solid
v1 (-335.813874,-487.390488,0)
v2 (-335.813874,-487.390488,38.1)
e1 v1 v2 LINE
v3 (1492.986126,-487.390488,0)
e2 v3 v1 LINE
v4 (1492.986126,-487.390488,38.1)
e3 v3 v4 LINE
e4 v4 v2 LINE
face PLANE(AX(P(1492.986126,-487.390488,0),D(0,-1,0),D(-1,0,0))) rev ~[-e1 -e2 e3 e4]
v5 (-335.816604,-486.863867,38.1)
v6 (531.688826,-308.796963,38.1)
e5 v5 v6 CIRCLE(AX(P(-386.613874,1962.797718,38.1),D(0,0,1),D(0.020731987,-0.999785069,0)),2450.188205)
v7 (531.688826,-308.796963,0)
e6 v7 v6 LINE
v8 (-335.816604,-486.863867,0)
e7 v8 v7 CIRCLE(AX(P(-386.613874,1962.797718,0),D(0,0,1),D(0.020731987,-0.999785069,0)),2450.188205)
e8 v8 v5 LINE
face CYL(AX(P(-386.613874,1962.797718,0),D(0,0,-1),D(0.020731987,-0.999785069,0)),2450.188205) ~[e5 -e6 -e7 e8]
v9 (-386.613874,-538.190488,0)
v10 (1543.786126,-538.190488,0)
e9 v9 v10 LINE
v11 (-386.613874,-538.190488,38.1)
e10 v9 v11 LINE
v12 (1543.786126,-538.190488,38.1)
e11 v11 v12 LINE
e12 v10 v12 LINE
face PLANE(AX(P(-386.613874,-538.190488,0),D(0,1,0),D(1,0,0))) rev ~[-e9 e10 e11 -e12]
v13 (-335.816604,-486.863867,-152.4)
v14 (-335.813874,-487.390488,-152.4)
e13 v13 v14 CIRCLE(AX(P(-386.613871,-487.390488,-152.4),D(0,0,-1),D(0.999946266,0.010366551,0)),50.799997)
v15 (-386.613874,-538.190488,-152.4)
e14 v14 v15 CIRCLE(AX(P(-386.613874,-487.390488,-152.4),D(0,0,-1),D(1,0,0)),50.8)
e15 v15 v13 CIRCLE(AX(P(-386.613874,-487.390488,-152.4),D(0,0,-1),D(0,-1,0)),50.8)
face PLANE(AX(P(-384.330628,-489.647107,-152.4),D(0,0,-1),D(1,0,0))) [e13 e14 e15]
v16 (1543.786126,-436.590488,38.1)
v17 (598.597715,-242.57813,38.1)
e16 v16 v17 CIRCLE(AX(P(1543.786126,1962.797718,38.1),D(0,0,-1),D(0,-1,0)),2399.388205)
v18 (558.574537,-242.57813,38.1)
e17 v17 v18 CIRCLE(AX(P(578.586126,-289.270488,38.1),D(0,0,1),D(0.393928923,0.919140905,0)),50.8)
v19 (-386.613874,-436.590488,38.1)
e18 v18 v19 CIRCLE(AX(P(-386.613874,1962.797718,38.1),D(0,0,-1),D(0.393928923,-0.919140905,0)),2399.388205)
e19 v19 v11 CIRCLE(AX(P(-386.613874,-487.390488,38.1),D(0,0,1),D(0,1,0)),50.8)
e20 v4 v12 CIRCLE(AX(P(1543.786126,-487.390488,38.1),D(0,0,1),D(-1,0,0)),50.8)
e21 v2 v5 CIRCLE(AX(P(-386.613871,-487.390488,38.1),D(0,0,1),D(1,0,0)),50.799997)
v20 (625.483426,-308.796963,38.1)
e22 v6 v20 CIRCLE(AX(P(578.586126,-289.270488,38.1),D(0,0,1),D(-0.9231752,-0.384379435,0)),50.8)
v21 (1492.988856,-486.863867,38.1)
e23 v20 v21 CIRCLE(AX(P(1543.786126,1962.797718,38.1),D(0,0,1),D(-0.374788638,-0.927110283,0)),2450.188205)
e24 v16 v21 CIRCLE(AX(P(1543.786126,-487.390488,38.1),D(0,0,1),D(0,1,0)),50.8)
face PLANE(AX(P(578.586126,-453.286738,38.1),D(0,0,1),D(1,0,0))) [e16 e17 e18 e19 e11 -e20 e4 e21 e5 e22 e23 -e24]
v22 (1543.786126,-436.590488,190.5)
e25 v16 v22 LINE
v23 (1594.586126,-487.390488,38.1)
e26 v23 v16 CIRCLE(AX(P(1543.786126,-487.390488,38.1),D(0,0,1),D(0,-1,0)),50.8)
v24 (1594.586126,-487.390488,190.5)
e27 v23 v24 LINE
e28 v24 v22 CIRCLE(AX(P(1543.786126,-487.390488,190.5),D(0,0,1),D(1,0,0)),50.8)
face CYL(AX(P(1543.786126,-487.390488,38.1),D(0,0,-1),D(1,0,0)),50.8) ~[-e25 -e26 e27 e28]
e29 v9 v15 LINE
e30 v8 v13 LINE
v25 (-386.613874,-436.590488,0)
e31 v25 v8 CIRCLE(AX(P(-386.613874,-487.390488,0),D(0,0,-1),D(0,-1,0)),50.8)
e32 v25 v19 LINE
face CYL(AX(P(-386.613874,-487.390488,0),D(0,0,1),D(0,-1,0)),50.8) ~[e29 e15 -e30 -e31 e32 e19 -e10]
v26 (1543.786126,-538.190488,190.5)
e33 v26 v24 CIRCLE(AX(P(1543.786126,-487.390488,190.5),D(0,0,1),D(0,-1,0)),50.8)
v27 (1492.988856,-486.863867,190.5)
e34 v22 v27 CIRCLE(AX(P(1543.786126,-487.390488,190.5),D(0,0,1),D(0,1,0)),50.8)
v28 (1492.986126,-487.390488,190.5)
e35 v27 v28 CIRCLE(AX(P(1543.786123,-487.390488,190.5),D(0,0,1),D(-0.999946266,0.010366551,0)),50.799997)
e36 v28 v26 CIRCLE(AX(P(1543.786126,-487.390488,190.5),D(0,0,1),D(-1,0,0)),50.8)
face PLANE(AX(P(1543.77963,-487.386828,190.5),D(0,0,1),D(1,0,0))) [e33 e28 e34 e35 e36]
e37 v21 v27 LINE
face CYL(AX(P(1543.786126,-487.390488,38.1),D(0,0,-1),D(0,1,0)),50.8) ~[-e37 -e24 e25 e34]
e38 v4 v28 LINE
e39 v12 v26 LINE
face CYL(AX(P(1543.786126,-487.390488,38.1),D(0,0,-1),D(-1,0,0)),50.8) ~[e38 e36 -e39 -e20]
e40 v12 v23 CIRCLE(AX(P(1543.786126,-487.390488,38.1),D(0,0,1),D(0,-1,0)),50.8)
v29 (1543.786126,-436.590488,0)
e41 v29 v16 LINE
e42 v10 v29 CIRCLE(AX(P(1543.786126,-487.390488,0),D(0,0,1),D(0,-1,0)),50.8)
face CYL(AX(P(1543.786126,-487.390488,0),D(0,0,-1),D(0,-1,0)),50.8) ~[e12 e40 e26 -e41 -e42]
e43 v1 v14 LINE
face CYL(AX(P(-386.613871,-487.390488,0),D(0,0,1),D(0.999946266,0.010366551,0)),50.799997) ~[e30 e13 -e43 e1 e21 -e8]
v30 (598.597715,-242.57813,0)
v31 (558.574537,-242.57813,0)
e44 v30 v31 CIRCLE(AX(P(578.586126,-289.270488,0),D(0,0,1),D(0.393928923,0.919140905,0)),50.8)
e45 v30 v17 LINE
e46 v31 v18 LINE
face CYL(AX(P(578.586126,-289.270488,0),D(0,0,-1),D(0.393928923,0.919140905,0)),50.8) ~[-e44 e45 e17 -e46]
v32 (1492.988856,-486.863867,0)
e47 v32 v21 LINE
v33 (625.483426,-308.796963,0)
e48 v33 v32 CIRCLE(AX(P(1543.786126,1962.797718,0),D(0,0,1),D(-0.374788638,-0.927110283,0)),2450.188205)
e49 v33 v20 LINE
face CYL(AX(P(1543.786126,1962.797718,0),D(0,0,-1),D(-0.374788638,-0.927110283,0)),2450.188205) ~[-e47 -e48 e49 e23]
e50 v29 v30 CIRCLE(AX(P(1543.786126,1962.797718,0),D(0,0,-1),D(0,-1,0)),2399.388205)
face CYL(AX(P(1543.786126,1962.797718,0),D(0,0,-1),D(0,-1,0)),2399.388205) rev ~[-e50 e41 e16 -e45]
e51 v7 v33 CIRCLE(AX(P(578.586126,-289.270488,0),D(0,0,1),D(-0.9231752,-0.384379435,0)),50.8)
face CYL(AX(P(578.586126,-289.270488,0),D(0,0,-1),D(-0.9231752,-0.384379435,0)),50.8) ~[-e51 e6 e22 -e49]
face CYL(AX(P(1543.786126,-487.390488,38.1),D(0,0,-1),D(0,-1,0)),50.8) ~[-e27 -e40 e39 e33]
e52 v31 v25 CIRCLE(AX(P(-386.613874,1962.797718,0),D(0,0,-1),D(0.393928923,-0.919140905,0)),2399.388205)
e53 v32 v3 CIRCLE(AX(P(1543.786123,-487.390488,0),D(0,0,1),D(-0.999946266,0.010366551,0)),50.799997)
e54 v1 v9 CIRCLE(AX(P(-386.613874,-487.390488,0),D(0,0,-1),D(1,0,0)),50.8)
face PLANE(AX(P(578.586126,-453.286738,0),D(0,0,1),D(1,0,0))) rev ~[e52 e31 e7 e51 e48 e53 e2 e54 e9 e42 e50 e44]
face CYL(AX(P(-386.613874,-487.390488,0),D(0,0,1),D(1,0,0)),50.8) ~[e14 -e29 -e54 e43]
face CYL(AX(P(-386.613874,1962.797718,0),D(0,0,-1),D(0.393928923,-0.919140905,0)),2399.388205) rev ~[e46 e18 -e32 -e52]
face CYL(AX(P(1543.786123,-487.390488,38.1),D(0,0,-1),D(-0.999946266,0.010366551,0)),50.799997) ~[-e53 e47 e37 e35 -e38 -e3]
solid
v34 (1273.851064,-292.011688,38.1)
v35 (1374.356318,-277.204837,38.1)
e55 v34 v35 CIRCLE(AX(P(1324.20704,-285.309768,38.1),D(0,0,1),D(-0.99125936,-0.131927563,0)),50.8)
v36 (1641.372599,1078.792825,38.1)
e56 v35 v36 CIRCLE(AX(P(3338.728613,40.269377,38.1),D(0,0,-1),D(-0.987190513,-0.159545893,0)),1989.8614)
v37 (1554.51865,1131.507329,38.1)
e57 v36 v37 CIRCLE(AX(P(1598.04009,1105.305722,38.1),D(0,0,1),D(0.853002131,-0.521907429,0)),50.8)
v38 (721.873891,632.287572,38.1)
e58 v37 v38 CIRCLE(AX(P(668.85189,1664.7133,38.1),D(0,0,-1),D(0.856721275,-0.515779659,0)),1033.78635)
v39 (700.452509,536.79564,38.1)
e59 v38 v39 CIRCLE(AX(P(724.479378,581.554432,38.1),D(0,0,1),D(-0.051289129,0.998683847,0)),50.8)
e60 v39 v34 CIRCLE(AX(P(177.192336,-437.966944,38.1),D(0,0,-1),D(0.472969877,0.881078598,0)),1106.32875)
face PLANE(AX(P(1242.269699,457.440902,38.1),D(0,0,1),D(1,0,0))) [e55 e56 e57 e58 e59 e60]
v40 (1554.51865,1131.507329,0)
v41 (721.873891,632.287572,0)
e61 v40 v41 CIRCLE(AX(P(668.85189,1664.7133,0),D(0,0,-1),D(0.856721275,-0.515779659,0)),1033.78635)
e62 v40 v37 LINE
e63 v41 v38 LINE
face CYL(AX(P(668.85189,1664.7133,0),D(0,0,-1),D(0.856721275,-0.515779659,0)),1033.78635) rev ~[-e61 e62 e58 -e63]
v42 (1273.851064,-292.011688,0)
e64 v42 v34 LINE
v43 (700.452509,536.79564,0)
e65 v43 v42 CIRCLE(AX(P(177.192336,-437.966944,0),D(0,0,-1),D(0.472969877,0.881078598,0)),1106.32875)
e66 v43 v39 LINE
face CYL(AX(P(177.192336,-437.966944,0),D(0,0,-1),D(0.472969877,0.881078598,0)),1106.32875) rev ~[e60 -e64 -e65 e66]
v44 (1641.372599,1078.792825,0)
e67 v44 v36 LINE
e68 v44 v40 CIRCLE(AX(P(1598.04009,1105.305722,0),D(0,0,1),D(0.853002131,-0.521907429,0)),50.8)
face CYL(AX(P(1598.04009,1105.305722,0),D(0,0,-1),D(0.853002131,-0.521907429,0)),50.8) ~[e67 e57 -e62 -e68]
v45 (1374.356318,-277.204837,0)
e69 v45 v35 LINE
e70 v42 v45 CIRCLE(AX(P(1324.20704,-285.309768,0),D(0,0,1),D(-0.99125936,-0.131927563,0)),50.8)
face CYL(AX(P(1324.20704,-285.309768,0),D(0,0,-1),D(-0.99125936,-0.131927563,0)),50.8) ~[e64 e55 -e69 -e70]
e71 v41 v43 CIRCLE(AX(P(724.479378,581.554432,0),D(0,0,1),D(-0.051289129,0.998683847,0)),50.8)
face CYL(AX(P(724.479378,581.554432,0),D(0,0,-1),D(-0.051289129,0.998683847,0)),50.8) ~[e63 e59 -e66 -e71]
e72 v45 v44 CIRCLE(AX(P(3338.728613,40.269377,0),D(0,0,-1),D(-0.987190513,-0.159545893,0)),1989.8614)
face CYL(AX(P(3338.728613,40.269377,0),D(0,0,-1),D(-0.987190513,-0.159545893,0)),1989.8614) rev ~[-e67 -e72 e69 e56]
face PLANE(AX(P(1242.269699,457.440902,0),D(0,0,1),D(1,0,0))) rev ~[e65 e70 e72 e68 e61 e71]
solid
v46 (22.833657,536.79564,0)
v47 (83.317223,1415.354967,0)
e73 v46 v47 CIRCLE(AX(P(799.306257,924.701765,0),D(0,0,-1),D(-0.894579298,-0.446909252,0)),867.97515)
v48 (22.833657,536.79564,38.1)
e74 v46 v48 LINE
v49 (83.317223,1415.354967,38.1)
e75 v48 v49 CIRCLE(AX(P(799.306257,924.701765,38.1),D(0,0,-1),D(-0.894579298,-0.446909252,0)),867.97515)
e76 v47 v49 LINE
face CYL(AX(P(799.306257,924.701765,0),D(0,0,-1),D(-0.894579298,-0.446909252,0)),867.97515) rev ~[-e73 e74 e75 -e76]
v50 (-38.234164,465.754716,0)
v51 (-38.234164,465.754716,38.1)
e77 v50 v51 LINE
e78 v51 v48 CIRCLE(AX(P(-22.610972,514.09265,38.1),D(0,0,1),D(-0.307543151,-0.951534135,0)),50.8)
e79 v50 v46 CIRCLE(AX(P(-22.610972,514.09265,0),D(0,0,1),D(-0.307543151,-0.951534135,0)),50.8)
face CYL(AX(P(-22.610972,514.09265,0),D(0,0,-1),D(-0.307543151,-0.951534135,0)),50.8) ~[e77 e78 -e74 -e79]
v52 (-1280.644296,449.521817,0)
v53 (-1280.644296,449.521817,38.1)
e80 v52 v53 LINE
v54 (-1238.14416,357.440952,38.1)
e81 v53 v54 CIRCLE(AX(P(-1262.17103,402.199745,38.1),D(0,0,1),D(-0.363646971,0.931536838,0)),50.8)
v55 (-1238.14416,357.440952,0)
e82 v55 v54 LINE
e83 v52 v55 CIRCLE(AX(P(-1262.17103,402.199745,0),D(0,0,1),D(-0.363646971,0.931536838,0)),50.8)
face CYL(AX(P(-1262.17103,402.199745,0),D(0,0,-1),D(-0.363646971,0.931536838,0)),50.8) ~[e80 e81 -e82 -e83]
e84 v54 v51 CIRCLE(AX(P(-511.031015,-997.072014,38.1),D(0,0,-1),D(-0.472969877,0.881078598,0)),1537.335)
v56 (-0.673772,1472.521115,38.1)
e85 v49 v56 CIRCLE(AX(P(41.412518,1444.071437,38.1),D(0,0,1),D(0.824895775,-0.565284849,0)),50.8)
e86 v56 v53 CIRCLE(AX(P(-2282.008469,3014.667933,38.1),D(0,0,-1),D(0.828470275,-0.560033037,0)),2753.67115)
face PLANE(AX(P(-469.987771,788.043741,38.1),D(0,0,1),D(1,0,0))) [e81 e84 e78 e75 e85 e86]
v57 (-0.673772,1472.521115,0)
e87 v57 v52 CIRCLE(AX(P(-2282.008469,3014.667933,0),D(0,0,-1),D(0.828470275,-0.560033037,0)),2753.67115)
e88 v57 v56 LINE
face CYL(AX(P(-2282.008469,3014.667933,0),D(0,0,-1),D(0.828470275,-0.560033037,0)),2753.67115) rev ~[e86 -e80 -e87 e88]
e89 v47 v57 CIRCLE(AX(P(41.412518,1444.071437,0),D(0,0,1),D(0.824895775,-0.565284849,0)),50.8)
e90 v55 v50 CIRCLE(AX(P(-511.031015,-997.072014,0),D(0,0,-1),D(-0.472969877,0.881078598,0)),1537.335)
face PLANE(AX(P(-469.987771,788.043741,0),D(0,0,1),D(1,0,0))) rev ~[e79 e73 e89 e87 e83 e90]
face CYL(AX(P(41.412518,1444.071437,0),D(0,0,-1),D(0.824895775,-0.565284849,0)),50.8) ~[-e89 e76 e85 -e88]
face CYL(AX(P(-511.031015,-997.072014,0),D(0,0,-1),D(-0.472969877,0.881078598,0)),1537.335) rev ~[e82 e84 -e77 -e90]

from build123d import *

# Parameters (mm, degrees)
F1_DEPTH = 38.1
F3_DEPTH = 152.4
F5_DEPTH = 152.4


with BuildPart() as f1:
    # F0 (on Top) → F1 (new body)
    with BuildSketch(Plane.XY):
        with BuildLine():
            Line((578.58612592, -538.1904875344), (1543.78612592, -538.1904875344))
            ThreePointArc((1543.78612592, -538.1904875344), (1594.58612592, -487.3904875344), (1543.78612592, -436.5904875344))
            ThreePointArc((1543.78612592, -436.5904875344), (1061.3387384185, -387.5869907468), (598.597715192, -242.5781295429))
            ThreePointArc((598.597715192, -242.5781295429), (578.58612592, -238.4704875344), (558.5745366481, -242.5781295429))
            ThreePointArc((558.5745366481, -242.5781295429), (95.8335134215, -387.5869907468), (-386.61387408, -436.5904875344))
            ThreePointArc((-386.61387408, -436.5904875344), (-437.41387408, -487.3904875344), (-386.61387408, -538.1904875344))
            Line((-386.61387408, -538.1904875344), (578.58612592, -538.1904875344))
        make_face()
        with BuildLine():
            Line((578.58612592, -487.3904875344), (-335.81387408, -487.3904875344))
            ThreePointArc((-335.81387408, -487.3904875344), (-335.814556508, -487.127173612), (-335.8166037738, -486.8638667641))
            ThreePointArc((-335.8166037738, -486.8638667641), (106.0479202577, -437.3494855897), (531.688825749, -308.7969628094))
            ThreePointArc((531.688825749, -308.7969628094), (578.58612592, -340.0704875344), (625.4834260911, -308.7969628094))
            ThreePointArc((625.4834260911, -308.7969628094), (1051.1243315824, -437.3494855897), (1492.9888556138, -486.8638667641))
            ThreePointArc((1492.9888556138, -486.8638667641), (1492.986808348, -487.127173612), (1492.98612592, -487.3904875344))
            Line((1492.98612592, -487.3904875344), (578.58612592, -487.3904875344))
        make_face(mode=Mode.SUBTRACT)
    extrude(amount=F1_DEPTH)

    # F2 (on face) → F3 (join)
    with BuildSketch(Plane.XY.offset(38.1)):
        with BuildLine():
            ThreePointArc((1543.78612592, -538.1904875344), (1579.7071504043, -523.3115120187), (1594.58612592, -487.3904875344))
            ThreePointArc((1594.58612592, -487.3904875344), (1579.7071504043, -451.4694630501), (1543.78612592, -436.5904875344))
            ThreePointArc((1543.78612592, -436.5904875344), (1508.0517750453, -451.2837545395), (1492.9888556138, -486.8638667641))
            ThreePointArc((1492.9888556138, -486.8638667641), (1492.986808348, -487.127173612), (1492.98612592, -487.3904875344))
            ThreePointArc((1492.98612592, -487.3904875344), (1507.8651014357, -523.3115120187), (1543.78612592, -538.1904875344))
        make_face()
    extrude(amount=F3_DEPTH)

    # F4 (on face) → F5 (join)
    with BuildSketch(Plane(origin=(0, 0, 0), x_dir=(1, 0, 0), z_dir=(0, 0, -1))):
        with BuildLine():
            ThreePointArc((-335.8166037738, 486.8638667641), (-335.814556508, 487.127173612), (-335.81387408, 487.3904875344))
            ThreePointArc((-335.81387408, 487.3904875344), (-350.6928495957, 523.3115120187), (-386.61387408, 538.1904875344))
            ThreePointArc((-386.61387408, 538.1904875344), (-437.41387408, 487.3904875344), (-386.61387408, 436.5904875344))
            ThreePointArc((-386.61387408, 436.5904875344), (-350.8795232053, 451.2837545395), (-335.8166037738, 486.8638667641))
        make_face()
    extrude(amount=F5_DEPTH)


with BuildPart() as f1b:
    # F0 (on Top) → F1, piece 2 (new body)
    with BuildSketch(Plane.XY):
        with BuildLine():
            ThreePointArc((700.4525085114, 536.7956395791), (1087.008090924, 191.4761389399), (1273.8510641923, -292.0116883693))
            ThreePointArc((1273.8510641923, -292.0116883693), (1331.6111867641, -335.5672910451), (1374.3563176992, -277.2048368019))
            ThreePointArc((1374.3563176992, -277.2048368019), (1386.3592913175, 424.7201841677), (1641.3725986006, 1078.7928250474))
            ThreePointArc((1641.3725986006, 1078.7928250474), (1624.3975116782, 1148.7329758867), (1554.5186495719, 1131.5073291303))
            ThreePointArc((1554.5186495719, 1131.5073291303), (1200.4431225892, 778.0764081668), (721.8738905251, 632.2875717536))
            ThreePointArc((721.8738905251, 632.2875717536), (674.9112645749, 592.6738795608), (700.4525085114, 536.7956395791))
        make_face()
    extrude(amount=F1_DEPTH)


with BuildPart() as f1c:
    # F0 (on Top) → F1, piece 3 (new body)
    with BuildSketch(Plane.XY):
        with BuildLine():
            ThreePointArc((-1238.1441603016, 357.4409524068), (-649.2415869151, 534.0376295096), (-38.234163915, 465.754715513))
            ThreePointArc((-38.234163915, 465.754715513), (15.9121736635, 480.9775886127), (22.8336565164, 536.7956395791))
            ThreePointArc((22.8336565164, 536.7956395791), (-66.6192914122, 984.3155710712), (83.317223093, 1415.3549667114))
            ThreePointArc((83.317223093, 1415.3549667114), (69.995736254, 1486.0671465957), (-0.673772255, 1472.5211153438))
            ThreePointArc((-0.673772255, 1472.5211153438), (-562.8052062946, 863.6112282067), (-1280.6442961627, 449.5218165501))
            ThreePointArc((-1280.6442961627, 449.5218165501), (-1308.2951236796, 380.9110630596), (-1238.1441603016, 357.4409524068))
        make_face()
    extrude(amount=F1_DEPTH)


solid = Compound([f1.part, f1b.part, f1c.part])
